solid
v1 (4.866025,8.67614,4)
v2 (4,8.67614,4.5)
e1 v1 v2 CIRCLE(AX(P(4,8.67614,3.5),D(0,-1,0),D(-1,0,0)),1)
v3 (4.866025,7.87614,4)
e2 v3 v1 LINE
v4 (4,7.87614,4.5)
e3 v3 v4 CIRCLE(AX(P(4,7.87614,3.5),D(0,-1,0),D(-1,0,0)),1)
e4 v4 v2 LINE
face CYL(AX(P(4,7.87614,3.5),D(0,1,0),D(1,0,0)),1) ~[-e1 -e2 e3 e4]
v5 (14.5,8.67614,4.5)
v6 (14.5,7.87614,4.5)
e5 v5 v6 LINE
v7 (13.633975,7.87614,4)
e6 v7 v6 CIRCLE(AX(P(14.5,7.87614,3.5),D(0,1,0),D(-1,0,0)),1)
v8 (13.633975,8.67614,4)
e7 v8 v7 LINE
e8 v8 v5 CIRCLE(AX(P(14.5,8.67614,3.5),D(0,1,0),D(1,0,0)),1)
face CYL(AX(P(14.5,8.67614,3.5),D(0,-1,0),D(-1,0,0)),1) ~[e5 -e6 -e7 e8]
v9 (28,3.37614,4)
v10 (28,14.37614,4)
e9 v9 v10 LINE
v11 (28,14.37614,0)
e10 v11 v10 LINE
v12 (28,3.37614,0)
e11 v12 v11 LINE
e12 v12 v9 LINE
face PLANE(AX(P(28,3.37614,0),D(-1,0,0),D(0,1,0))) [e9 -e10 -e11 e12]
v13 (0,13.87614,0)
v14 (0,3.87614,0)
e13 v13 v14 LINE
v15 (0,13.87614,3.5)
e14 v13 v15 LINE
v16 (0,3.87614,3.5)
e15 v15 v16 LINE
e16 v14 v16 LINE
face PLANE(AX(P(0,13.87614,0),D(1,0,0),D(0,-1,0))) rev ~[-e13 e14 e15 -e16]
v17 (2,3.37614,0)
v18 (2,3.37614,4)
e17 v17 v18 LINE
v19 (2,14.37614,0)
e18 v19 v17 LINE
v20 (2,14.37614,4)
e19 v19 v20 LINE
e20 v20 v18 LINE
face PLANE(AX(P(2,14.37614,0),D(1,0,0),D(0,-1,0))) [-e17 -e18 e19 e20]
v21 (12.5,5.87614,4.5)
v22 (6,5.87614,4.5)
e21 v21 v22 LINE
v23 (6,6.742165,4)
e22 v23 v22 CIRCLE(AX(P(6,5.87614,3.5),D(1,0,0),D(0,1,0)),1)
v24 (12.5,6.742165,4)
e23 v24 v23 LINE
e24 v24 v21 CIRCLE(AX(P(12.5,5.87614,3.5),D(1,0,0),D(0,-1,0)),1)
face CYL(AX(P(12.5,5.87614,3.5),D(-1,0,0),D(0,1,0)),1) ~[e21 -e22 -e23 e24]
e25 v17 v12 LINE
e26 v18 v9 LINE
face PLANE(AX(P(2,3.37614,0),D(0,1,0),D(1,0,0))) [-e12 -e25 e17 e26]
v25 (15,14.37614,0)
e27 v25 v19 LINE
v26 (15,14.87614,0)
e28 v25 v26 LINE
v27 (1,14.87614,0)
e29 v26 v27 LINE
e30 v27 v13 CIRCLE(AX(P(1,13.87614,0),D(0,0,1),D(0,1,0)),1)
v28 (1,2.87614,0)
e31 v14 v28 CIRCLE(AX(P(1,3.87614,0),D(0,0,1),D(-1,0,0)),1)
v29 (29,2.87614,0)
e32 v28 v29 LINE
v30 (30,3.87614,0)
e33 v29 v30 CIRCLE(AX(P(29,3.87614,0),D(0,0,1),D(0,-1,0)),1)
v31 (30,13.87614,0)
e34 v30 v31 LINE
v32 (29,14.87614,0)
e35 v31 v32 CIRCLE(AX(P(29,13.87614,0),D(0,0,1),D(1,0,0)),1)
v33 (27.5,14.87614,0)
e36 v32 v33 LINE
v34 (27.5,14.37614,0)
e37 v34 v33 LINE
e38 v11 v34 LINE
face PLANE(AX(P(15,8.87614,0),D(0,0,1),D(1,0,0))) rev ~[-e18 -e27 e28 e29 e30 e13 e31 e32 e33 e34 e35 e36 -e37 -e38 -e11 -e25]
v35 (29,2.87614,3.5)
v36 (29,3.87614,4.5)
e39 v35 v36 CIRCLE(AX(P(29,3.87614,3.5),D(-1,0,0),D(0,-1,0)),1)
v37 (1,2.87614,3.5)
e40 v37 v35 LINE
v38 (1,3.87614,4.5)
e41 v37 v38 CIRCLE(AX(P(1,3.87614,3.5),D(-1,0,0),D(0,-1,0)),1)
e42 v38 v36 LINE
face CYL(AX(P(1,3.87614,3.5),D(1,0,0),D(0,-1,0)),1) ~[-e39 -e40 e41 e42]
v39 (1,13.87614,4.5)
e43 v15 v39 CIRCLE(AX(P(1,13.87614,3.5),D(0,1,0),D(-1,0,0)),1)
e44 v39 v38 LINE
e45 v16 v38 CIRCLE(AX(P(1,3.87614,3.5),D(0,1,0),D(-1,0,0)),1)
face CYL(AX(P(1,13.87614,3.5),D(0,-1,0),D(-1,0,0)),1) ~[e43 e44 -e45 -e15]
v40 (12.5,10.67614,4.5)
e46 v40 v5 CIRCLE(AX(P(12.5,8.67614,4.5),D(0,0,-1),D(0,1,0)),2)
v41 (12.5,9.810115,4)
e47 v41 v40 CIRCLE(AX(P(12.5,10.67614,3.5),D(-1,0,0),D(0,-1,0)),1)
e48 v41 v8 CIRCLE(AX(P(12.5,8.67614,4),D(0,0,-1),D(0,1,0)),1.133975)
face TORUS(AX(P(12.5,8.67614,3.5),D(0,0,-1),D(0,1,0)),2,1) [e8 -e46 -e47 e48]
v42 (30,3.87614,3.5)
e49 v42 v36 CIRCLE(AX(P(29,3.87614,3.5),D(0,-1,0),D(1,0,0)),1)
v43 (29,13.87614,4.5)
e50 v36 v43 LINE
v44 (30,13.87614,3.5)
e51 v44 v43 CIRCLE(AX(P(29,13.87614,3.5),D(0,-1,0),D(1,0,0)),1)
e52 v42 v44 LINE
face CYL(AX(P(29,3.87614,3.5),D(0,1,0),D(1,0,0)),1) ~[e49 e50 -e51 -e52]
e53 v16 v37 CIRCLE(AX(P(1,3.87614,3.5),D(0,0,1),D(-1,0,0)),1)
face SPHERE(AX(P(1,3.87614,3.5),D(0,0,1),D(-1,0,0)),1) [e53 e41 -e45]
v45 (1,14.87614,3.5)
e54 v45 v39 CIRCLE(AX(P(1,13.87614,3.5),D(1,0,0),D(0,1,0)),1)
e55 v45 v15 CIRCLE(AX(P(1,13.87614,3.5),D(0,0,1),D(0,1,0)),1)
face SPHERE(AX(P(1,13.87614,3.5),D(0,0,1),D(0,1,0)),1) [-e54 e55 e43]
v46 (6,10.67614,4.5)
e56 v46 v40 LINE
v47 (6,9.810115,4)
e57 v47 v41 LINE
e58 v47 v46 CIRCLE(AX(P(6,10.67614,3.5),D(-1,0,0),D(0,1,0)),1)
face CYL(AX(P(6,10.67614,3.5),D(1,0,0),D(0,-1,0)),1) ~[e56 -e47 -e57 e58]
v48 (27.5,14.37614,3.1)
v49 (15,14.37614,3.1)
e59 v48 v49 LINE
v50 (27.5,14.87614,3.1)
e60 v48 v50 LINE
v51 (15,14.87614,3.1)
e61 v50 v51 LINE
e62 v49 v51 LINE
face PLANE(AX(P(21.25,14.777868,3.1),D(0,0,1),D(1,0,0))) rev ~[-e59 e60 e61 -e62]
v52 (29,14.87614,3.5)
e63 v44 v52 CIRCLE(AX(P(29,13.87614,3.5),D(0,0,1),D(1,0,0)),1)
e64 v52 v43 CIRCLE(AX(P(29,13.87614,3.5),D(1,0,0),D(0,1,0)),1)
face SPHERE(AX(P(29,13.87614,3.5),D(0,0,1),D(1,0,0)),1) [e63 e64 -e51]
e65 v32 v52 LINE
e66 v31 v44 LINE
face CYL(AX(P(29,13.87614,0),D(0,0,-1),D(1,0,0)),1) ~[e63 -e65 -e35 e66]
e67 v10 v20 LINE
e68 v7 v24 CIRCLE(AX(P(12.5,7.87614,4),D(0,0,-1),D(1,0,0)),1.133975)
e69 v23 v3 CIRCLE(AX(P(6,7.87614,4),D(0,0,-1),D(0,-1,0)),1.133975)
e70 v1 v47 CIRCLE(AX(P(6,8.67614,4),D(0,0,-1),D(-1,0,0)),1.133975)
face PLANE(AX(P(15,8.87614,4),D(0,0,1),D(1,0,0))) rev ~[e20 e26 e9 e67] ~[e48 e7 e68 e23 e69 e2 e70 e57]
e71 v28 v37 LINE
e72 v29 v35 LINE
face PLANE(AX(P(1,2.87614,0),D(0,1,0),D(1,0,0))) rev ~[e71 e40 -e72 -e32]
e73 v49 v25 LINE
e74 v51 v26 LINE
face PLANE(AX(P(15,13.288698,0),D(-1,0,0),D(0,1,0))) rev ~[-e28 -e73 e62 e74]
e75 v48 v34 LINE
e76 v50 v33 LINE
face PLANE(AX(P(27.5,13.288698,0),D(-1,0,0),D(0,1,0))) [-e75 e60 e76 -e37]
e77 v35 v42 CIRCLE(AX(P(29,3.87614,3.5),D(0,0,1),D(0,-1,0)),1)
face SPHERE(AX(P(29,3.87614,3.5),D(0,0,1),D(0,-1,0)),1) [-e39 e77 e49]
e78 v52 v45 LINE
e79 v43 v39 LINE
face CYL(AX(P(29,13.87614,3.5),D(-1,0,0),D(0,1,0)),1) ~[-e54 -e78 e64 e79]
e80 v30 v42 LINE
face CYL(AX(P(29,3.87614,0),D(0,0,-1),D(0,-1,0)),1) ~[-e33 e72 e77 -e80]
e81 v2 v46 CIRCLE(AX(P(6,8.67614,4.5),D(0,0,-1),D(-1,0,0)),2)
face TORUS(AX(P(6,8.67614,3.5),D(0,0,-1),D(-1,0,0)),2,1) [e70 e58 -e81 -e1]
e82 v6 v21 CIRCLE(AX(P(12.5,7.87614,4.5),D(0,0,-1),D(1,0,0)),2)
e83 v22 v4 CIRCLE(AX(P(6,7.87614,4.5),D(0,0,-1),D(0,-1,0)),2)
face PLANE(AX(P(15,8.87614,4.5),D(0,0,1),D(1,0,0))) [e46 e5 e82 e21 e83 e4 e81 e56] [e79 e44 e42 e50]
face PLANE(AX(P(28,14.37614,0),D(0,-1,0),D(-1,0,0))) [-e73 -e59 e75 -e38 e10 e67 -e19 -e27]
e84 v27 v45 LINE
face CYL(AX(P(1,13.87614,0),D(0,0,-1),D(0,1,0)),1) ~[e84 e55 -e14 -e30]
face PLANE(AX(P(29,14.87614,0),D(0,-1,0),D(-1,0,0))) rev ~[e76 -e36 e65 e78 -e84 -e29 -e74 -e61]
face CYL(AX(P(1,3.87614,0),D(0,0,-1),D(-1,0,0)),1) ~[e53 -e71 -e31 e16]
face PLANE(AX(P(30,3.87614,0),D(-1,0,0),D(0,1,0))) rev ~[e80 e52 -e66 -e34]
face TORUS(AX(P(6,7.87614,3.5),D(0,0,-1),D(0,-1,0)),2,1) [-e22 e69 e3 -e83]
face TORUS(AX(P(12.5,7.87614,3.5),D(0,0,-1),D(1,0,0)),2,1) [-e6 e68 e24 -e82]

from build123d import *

# Parameters (mm, degrees)
F1_DEPTH = 4.5
F2_R     = 1
F4_DEPTH = 4
F5_W     = 12.5
F5_H     = 2.9783394848
F6_DEPTH = 3.1


with BuildPart() as f1:
    # F0 (on Top) → F1 (new body)
    with BuildSketch(Plane.XY):
        with BuildLine():
            ThreePointArc((0, 3.8761399509), (0.2928932188, 3.1690331698), (1, 2.8761399509))
            Line((1, 2.8761399509), (29, 2.8761399509))
            ThreePointArc((29, 2.8761399509), (29.7071067812, 3.1690331698), (30, 3.8761399509))
            Line((30, 3.8761399509), (30, 13.8761399509))
            ThreePointArc((30, 13.8761399509), (29.7071067812, 14.5832467321), (29, 14.8761399509))
            Line((29, 14.8761399509), (1, 14.8761399509))
            ThreePointArc((1, 14.8761399509), (0.2928932188, 14.5832467321), (0, 13.8761399509))
            Line((0, 13.8761399509), (0, 3.8761399509))
        make_face()
        with BuildLine():
            ThreePointArc((5, 8.6761399509), (5.2928932188, 9.3832467321), (6, 9.6761399509))
            Line((6, 9.6761399509), (12.5, 9.6761399509))
            ThreePointArc((12.5, 9.6761399509), (13.2071067812, 9.3832467321), (13.5, 8.6761399509))
            Line((13.5, 8.6761399509), (13.5, 7.8761399509))
            ThreePointArc((13.5, 7.8761399509), (13.2071067812, 7.1690331698), (12.5, 6.8761399509))
            Line((12.5, 6.8761399509), (6, 6.8761399509))
            ThreePointArc((6, 6.8761399509), (5.2928932188, 7.1690331698), (5, 7.8761399509))
            Line((5, 7.8761399509), (5, 8.6761399509))
        make_face(mode=Mode.SUBTRACT)
    extrude(amount=F1_DEPTH)

    # F2
    f2_edges = [f1.edges().sort_by_distance(p)[0] for p in [
        (0.292893, 3.169033, 4.5),
        (15, 2.87614, 4.5),
        (29.707107, 3.169033, 4.5),
        (30, 8.87614, 4.5),
        (29.707107, 14.583247, 4.5),
        (15, 14.87614, 4.5),
        (0.292893, 14.583247, 4.5),
        (0, 8.87614, 4.5),
        (5.292893, 9.383247, 4.5),
        (9.25, 9.67614, 4.5),
        (13.207107, 9.383247, 4.5),
        (13.5, 8.27614, 4.5),
        (13.207107, 7.169033, 4.5),
        (9.25, 6.87614, 4.5),
        (5.292893, 7.169033, 4.5),
        (5, 8.27614, 4.5),
    ]]
    fillet(f2_edges, radius=F2_R)

    # F3 (on Top) → F4 (cut)
    with BuildSketch(Plane.XY):
        Polygon((28, 3.3761399509), (28, 14.3761399509), (2, 14.3761399509), (2, 3.3761399509), (14.5, 3.3761399509), (27, 3.3761399509), align=None)
    extrude(amount=F4_DEPTH, mode=Mode.SUBTRACT)

    # F5 (on Top) → F6 (cut)
    with BuildSketch(Plane.XY):
        with Locations((21.25, 14.7778680548)):
            Rectangle(F5_W, F5_H)
    extrude(amount=F6_DEPTH, mode=Mode.SUBTRACT)


solid = f1.part
